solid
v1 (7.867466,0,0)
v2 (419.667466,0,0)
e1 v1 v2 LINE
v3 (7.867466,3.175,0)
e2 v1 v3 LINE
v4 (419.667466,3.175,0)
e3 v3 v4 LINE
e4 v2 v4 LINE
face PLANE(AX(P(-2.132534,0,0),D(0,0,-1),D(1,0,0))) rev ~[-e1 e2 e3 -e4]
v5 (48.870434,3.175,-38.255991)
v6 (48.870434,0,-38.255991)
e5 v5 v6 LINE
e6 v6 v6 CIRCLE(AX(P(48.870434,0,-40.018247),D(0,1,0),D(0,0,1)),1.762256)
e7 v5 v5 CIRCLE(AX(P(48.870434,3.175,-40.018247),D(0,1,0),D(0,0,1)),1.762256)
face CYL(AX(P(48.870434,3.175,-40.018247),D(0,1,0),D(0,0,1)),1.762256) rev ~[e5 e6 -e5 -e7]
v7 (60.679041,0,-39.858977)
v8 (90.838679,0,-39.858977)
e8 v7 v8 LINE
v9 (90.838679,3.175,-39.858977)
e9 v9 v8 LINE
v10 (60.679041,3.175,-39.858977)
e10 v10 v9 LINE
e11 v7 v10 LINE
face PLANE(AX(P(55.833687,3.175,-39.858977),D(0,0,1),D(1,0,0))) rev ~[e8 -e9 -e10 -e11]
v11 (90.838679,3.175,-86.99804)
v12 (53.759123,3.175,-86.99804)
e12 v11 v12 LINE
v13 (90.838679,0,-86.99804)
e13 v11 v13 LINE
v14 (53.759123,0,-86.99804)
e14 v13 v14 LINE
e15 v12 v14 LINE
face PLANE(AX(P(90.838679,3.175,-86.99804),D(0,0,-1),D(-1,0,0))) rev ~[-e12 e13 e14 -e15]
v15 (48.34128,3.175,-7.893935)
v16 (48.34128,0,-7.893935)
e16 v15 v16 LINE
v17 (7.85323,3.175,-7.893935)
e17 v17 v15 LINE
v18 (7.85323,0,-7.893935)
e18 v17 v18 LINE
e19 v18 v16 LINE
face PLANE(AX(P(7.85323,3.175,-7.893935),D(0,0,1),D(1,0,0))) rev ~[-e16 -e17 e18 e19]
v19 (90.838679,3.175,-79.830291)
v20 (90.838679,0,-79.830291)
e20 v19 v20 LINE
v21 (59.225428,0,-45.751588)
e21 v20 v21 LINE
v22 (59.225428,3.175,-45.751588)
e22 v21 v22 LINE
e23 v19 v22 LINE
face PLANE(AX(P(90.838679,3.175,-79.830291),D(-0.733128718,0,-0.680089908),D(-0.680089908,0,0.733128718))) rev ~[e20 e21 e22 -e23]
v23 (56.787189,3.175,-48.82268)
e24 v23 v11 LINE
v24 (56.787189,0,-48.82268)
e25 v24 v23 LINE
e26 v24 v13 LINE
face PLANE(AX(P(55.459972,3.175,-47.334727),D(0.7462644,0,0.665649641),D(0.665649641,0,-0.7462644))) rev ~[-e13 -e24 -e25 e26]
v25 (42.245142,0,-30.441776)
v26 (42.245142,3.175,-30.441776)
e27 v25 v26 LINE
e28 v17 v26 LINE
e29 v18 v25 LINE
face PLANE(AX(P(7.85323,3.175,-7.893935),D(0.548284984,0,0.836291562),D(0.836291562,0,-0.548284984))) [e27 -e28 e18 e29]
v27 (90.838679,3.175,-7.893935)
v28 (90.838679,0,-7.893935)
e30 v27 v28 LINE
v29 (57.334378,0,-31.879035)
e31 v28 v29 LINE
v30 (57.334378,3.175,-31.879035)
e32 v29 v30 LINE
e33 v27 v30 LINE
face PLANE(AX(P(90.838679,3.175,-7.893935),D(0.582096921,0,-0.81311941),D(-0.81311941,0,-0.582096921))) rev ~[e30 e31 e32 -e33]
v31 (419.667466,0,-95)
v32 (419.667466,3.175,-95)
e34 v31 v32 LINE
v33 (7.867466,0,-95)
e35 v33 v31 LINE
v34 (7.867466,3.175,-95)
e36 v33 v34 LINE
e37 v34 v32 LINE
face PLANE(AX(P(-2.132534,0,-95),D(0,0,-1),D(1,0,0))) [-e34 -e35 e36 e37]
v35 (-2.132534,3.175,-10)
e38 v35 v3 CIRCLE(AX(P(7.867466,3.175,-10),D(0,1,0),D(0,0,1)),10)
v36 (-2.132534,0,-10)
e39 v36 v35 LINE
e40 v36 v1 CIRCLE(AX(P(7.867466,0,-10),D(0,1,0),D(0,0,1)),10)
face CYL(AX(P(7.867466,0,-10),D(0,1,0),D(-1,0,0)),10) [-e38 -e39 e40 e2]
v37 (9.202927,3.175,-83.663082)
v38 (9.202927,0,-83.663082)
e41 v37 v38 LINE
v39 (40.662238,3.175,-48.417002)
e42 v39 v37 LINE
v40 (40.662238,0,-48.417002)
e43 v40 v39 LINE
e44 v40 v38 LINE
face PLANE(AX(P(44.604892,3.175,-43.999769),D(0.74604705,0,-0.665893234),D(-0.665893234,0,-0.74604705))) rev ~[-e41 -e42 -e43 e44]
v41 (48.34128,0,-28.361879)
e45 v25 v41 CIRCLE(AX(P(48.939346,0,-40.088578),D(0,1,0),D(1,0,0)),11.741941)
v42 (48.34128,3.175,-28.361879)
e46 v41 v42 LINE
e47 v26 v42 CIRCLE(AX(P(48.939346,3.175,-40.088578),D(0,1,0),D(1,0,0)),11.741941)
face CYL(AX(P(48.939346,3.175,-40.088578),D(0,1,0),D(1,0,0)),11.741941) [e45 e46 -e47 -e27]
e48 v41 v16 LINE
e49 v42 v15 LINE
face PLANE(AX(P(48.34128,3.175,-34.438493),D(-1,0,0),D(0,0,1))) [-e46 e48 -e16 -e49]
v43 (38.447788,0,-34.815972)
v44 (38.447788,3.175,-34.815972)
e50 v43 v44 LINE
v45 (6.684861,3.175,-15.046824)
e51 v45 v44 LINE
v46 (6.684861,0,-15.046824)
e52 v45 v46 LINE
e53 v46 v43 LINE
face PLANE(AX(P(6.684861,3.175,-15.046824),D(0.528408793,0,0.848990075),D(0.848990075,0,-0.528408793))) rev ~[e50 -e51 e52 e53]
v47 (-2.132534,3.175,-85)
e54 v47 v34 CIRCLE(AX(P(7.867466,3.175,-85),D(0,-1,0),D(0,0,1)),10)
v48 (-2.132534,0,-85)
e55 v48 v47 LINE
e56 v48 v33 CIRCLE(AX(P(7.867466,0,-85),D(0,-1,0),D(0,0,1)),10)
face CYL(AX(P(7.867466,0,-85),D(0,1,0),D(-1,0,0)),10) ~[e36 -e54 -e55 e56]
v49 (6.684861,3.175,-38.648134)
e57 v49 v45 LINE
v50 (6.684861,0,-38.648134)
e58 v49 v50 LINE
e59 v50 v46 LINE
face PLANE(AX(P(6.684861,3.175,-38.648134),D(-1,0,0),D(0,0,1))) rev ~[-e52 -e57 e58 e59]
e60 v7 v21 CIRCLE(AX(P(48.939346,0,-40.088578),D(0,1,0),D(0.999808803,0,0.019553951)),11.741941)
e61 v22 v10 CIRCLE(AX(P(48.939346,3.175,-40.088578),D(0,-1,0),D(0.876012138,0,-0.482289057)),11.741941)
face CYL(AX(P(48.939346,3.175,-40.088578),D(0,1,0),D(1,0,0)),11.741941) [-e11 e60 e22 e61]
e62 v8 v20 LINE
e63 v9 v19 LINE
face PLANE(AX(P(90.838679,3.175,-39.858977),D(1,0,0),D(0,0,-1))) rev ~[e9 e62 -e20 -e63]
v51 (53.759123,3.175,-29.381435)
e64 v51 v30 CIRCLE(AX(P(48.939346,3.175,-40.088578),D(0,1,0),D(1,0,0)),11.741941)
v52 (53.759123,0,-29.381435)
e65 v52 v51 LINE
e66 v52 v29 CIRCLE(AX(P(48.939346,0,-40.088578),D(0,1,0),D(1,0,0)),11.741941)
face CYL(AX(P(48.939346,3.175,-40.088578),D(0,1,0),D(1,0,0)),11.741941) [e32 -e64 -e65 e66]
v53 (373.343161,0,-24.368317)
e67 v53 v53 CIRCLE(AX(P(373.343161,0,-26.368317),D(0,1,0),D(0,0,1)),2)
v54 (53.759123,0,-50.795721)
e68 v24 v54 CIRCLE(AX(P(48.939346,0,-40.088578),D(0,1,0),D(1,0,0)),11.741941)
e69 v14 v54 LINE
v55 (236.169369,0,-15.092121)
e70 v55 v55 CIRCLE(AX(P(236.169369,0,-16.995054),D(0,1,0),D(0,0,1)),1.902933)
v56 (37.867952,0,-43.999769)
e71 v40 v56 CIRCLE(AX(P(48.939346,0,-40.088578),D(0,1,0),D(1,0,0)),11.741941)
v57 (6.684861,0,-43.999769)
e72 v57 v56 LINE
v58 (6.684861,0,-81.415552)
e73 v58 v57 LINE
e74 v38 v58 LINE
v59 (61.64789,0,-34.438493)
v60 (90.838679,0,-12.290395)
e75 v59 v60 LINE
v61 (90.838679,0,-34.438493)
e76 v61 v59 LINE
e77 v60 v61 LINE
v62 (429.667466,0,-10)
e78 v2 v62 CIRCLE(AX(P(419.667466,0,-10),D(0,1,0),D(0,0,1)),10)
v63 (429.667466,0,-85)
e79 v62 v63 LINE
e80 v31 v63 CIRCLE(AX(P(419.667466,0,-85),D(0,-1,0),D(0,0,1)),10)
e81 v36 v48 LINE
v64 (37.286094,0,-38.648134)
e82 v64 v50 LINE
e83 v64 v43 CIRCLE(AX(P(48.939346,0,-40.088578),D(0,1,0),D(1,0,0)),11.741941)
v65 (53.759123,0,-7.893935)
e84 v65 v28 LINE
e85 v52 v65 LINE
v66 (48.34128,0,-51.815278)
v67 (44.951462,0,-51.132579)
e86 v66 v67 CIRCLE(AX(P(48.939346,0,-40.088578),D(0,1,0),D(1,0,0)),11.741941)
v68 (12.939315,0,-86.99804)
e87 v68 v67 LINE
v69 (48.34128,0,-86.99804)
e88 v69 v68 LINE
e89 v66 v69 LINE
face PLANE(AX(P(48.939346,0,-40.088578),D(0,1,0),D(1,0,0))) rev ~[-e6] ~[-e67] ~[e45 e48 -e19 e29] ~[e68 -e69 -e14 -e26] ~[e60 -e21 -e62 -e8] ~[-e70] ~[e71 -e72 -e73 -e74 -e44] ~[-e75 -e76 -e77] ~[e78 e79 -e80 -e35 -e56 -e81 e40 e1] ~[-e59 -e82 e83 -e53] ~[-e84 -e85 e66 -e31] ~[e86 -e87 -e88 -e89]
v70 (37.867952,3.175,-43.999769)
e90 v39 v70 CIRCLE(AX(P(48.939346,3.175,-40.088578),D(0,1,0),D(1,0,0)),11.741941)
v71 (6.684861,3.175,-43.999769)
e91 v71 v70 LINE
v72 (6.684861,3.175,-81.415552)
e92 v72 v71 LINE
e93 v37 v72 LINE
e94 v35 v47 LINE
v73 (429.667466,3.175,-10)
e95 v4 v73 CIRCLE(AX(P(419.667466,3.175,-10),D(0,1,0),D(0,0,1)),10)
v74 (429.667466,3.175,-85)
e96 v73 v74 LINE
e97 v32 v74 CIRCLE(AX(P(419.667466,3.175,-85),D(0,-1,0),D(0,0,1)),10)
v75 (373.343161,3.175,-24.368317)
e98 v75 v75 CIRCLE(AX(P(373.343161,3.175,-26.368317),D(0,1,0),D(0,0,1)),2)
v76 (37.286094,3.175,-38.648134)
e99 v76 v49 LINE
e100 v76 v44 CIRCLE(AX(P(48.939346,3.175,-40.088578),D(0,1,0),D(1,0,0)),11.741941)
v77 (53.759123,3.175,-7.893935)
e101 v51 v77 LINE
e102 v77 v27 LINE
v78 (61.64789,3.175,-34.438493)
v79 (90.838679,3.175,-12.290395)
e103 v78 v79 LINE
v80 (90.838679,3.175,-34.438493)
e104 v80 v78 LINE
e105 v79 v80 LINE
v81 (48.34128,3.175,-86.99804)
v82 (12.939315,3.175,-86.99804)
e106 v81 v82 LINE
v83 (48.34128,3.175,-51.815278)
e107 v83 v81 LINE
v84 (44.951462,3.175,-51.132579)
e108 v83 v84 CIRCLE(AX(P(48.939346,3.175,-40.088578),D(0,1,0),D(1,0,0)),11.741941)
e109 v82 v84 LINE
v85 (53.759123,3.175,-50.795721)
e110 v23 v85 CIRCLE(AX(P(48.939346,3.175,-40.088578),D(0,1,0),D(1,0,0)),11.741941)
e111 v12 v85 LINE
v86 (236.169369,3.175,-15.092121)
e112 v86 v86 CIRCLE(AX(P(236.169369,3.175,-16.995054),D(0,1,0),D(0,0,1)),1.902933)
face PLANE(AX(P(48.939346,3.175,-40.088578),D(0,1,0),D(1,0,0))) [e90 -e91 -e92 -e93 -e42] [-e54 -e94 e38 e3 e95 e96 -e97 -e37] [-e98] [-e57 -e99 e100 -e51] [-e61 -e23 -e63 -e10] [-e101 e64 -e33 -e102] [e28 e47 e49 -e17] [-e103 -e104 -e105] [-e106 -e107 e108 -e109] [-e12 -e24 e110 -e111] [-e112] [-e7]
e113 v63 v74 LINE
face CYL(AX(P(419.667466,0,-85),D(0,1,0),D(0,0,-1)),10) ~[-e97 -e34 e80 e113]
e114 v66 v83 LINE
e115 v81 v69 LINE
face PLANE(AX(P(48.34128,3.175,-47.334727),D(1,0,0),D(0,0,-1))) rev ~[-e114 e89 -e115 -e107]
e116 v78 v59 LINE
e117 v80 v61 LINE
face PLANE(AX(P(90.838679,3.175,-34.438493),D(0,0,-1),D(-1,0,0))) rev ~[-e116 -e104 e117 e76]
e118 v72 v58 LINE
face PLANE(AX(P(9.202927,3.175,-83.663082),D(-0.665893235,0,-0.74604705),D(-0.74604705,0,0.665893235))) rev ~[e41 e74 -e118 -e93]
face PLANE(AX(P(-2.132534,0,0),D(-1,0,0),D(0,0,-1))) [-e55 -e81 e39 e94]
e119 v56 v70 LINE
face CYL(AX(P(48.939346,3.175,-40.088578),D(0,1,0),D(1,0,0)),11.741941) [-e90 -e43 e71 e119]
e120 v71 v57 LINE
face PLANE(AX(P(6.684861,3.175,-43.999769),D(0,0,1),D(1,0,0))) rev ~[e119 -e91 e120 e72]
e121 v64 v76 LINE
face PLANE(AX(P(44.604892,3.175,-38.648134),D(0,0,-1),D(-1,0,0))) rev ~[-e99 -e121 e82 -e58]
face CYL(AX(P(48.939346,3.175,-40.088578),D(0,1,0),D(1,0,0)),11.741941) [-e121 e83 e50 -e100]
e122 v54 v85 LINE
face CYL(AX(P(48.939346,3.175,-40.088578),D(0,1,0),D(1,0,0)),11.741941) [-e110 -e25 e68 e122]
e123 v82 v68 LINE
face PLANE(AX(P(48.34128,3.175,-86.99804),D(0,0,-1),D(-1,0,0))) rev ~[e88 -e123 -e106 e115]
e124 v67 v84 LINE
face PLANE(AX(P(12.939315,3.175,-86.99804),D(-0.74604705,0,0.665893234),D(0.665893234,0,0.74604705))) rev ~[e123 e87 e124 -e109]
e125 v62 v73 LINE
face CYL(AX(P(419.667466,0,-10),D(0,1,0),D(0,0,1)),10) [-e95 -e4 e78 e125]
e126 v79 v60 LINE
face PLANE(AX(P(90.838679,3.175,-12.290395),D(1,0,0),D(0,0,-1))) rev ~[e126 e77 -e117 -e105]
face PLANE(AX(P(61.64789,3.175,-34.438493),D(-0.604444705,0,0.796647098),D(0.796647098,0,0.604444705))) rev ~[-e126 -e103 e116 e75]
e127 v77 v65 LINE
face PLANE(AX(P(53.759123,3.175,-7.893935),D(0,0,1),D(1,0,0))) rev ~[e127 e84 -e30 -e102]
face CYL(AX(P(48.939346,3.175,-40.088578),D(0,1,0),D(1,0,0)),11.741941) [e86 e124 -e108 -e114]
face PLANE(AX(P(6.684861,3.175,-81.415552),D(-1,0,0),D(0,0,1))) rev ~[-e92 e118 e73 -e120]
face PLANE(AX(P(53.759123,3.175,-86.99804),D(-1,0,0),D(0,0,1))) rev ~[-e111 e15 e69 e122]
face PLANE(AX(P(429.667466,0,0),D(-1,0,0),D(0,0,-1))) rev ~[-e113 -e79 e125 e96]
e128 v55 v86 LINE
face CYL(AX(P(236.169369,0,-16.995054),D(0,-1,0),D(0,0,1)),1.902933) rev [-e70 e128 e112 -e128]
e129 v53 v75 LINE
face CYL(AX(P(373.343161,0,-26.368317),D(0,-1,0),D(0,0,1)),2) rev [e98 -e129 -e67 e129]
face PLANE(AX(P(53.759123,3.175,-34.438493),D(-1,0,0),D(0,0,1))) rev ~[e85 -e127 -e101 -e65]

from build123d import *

# Parameters (mm, degrees)
SKETCH1_W           = 431.8
SKETCH1_H           = 95
SKETCH1_R           = 1.770184209
SKETCH1_R_2         = 1.902933344
SKETCH1_R_3         = 2
BOSS_EXTRUDE1_DEPTH = 3.175
FILLET1_R           = 10
SKETCH10_R          = 9.179936936
BOSS_EXTRUDE3_DEPTH = 3.175
SKETCH11_R          = 1.770587682
CUT_EXTRUDE5_DEPTH  = 3.175
CUT_EXTRUDE6_DEPTH  = 3.175
SKETCH13_R          = 11.741940518
BOSS_EXTRUDE4_DEPTH = 3.175
SKETCH14_R          = 1.762256498
CUT_EXTRUDE8_DEPTH  = 3.175


with BuildPart() as part:
    # Sketch1 → Boss-Extrude1 (new body)
    with BuildSketch(Plane(origin=(0, 0, 0), x_dir=(1, 0, 0), z_dir=(0, 1, 0))):
        with Locations((213.767466267, 47.5)):
            Rectangle(SKETCH1_W, SKETCH1_H)
        with Locations(Location((48.867466267, 40.050297191, 0), (0, 0, 270))):
            Circle(SKETCH1_R, mode=Mode.SUBTRACT)
        with Locations(Location((236.169368623, 16.995054431, 0), (0, 0, 270))):
            Circle(SKETCH1_R_2, mode=Mode.SUBTRACT)
        with Locations(Location((373.343160921, 26.368316597, 0), (0, 0, 270))):
            Circle(SKETCH1_R_3, mode=Mode.SUBTRACT)
    extrude(amount=BOSS_EXTRUDE1_DEPTH)

    # Fillet1
    fillet1_edges = [part.edges().sort_by_distance(p)[0] for p in [
        (-2.132533733, 1.5875, -95),
        (429.667466267, 1.5875, -95),
        (429.667466267, 1.5875, 0),
        (-2.132533733, 1.5875, 0),
    ]]
    fillet(fillet1_edges, radius=FILLET1_R)

    # Sketch10 → Boss-Extrude3 (add)
    with BuildSketch(Plane.XZ):
        with Locations((48.867466267, -40.050297191)):
            Circle(SKETCH10_R)
    extrude(amount=-BOSS_EXTRUDE3_DEPTH)

    # Sketch11 → Cut-Extrude5 (cut)
    with BuildSketch(Plane(origin=(0, 3.175, 0), x_dir=(1, 0, 0), z_dir=(0, 1, 0))):
        with Locations(Location((48.939345921, 40.088578466, 0), (0, 0, 270))):
            Circle(SKETCH11_R)
    extrude(amount=-CUT_EXTRUDE5_DEPTH, mode=Mode.SUBTRACT)

    # Sketch12 → Cut-Extrude6 (cut)
    with BuildSketch(Plane(origin=(0, 3.175, 0), x_dir=(1, 0, 0), z_dir=(0, 1, 0))):
        Polygon((48.341279917, 47.334727349), (48.341279917, 86.998039631), (12.939315235, 86.998039631), align=None)
        Polygon((44.60489186, 43.999769414), (9.202927178, 83.663081696), (6.684860974, 81.41555153), (6.684860974, 43.999769414), align=None)
        Polygon((44.60489186, 38.648134163), (6.684860974, 38.648134163), (6.684860974, 15.046824375), align=None)
        Polygon((7.853230038, 7.893935302), (48.341279917, 34.438493177), (48.341279917, 7.893935302), (44.60489186, 7.893935302), align=None)
        Polygon((55.459972177, 47.334727349), (90.838679195, 86.998039631), (55.459972177, 86.998039631), (53.759123425, 86.998039631), (53.759123425, 45.871199809), align=None)
        Polygon((90.838679195, 39.858977136), (90.838679195, 79.830290994), (55.833686687, 42.095331309), (55.833686687, 39.858977136), align=None)
        Polygon((53.759123425, 34.438493177), (53.759123425, 7.893935302), (90.838679195, 7.893935302), align=None)
        Polygon((61.64788979, 34.438493177), (90.838679195, 12.290395062), (90.838679195, 34.438493177), align=None)
    extrude(amount=-CUT_EXTRUDE6_DEPTH, mode=Mode.SUBTRACT)

    # Sketch13 → Boss-Extrude4 (add)
    with BuildSketch(Plane(origin=(0, 3.175, 0), x_dir=(1, 0, 0), z_dir=(0, 1, 0))):
        with Locations((48.939345921, 40.088578466)):
            Circle(SKETCH13_R)
    extrude(amount=-BOSS_EXTRUDE4_DEPTH)

    # Sketch14 → Cut-Extrude8 (cut)
    with BuildSketch(Plane(origin=(0, 3.175, 0), x_dir=(1, 0, 0), z_dir=(0, 1, 0))):
        with Locations(Location((48.870433526, 40.018247237, 0), (0, 0, 270))):
            Circle(SKETCH14_R)
    extrude(amount=-CUT_EXTRUDE8_DEPTH, mode=Mode.SUBTRACT)


solid = part.part
